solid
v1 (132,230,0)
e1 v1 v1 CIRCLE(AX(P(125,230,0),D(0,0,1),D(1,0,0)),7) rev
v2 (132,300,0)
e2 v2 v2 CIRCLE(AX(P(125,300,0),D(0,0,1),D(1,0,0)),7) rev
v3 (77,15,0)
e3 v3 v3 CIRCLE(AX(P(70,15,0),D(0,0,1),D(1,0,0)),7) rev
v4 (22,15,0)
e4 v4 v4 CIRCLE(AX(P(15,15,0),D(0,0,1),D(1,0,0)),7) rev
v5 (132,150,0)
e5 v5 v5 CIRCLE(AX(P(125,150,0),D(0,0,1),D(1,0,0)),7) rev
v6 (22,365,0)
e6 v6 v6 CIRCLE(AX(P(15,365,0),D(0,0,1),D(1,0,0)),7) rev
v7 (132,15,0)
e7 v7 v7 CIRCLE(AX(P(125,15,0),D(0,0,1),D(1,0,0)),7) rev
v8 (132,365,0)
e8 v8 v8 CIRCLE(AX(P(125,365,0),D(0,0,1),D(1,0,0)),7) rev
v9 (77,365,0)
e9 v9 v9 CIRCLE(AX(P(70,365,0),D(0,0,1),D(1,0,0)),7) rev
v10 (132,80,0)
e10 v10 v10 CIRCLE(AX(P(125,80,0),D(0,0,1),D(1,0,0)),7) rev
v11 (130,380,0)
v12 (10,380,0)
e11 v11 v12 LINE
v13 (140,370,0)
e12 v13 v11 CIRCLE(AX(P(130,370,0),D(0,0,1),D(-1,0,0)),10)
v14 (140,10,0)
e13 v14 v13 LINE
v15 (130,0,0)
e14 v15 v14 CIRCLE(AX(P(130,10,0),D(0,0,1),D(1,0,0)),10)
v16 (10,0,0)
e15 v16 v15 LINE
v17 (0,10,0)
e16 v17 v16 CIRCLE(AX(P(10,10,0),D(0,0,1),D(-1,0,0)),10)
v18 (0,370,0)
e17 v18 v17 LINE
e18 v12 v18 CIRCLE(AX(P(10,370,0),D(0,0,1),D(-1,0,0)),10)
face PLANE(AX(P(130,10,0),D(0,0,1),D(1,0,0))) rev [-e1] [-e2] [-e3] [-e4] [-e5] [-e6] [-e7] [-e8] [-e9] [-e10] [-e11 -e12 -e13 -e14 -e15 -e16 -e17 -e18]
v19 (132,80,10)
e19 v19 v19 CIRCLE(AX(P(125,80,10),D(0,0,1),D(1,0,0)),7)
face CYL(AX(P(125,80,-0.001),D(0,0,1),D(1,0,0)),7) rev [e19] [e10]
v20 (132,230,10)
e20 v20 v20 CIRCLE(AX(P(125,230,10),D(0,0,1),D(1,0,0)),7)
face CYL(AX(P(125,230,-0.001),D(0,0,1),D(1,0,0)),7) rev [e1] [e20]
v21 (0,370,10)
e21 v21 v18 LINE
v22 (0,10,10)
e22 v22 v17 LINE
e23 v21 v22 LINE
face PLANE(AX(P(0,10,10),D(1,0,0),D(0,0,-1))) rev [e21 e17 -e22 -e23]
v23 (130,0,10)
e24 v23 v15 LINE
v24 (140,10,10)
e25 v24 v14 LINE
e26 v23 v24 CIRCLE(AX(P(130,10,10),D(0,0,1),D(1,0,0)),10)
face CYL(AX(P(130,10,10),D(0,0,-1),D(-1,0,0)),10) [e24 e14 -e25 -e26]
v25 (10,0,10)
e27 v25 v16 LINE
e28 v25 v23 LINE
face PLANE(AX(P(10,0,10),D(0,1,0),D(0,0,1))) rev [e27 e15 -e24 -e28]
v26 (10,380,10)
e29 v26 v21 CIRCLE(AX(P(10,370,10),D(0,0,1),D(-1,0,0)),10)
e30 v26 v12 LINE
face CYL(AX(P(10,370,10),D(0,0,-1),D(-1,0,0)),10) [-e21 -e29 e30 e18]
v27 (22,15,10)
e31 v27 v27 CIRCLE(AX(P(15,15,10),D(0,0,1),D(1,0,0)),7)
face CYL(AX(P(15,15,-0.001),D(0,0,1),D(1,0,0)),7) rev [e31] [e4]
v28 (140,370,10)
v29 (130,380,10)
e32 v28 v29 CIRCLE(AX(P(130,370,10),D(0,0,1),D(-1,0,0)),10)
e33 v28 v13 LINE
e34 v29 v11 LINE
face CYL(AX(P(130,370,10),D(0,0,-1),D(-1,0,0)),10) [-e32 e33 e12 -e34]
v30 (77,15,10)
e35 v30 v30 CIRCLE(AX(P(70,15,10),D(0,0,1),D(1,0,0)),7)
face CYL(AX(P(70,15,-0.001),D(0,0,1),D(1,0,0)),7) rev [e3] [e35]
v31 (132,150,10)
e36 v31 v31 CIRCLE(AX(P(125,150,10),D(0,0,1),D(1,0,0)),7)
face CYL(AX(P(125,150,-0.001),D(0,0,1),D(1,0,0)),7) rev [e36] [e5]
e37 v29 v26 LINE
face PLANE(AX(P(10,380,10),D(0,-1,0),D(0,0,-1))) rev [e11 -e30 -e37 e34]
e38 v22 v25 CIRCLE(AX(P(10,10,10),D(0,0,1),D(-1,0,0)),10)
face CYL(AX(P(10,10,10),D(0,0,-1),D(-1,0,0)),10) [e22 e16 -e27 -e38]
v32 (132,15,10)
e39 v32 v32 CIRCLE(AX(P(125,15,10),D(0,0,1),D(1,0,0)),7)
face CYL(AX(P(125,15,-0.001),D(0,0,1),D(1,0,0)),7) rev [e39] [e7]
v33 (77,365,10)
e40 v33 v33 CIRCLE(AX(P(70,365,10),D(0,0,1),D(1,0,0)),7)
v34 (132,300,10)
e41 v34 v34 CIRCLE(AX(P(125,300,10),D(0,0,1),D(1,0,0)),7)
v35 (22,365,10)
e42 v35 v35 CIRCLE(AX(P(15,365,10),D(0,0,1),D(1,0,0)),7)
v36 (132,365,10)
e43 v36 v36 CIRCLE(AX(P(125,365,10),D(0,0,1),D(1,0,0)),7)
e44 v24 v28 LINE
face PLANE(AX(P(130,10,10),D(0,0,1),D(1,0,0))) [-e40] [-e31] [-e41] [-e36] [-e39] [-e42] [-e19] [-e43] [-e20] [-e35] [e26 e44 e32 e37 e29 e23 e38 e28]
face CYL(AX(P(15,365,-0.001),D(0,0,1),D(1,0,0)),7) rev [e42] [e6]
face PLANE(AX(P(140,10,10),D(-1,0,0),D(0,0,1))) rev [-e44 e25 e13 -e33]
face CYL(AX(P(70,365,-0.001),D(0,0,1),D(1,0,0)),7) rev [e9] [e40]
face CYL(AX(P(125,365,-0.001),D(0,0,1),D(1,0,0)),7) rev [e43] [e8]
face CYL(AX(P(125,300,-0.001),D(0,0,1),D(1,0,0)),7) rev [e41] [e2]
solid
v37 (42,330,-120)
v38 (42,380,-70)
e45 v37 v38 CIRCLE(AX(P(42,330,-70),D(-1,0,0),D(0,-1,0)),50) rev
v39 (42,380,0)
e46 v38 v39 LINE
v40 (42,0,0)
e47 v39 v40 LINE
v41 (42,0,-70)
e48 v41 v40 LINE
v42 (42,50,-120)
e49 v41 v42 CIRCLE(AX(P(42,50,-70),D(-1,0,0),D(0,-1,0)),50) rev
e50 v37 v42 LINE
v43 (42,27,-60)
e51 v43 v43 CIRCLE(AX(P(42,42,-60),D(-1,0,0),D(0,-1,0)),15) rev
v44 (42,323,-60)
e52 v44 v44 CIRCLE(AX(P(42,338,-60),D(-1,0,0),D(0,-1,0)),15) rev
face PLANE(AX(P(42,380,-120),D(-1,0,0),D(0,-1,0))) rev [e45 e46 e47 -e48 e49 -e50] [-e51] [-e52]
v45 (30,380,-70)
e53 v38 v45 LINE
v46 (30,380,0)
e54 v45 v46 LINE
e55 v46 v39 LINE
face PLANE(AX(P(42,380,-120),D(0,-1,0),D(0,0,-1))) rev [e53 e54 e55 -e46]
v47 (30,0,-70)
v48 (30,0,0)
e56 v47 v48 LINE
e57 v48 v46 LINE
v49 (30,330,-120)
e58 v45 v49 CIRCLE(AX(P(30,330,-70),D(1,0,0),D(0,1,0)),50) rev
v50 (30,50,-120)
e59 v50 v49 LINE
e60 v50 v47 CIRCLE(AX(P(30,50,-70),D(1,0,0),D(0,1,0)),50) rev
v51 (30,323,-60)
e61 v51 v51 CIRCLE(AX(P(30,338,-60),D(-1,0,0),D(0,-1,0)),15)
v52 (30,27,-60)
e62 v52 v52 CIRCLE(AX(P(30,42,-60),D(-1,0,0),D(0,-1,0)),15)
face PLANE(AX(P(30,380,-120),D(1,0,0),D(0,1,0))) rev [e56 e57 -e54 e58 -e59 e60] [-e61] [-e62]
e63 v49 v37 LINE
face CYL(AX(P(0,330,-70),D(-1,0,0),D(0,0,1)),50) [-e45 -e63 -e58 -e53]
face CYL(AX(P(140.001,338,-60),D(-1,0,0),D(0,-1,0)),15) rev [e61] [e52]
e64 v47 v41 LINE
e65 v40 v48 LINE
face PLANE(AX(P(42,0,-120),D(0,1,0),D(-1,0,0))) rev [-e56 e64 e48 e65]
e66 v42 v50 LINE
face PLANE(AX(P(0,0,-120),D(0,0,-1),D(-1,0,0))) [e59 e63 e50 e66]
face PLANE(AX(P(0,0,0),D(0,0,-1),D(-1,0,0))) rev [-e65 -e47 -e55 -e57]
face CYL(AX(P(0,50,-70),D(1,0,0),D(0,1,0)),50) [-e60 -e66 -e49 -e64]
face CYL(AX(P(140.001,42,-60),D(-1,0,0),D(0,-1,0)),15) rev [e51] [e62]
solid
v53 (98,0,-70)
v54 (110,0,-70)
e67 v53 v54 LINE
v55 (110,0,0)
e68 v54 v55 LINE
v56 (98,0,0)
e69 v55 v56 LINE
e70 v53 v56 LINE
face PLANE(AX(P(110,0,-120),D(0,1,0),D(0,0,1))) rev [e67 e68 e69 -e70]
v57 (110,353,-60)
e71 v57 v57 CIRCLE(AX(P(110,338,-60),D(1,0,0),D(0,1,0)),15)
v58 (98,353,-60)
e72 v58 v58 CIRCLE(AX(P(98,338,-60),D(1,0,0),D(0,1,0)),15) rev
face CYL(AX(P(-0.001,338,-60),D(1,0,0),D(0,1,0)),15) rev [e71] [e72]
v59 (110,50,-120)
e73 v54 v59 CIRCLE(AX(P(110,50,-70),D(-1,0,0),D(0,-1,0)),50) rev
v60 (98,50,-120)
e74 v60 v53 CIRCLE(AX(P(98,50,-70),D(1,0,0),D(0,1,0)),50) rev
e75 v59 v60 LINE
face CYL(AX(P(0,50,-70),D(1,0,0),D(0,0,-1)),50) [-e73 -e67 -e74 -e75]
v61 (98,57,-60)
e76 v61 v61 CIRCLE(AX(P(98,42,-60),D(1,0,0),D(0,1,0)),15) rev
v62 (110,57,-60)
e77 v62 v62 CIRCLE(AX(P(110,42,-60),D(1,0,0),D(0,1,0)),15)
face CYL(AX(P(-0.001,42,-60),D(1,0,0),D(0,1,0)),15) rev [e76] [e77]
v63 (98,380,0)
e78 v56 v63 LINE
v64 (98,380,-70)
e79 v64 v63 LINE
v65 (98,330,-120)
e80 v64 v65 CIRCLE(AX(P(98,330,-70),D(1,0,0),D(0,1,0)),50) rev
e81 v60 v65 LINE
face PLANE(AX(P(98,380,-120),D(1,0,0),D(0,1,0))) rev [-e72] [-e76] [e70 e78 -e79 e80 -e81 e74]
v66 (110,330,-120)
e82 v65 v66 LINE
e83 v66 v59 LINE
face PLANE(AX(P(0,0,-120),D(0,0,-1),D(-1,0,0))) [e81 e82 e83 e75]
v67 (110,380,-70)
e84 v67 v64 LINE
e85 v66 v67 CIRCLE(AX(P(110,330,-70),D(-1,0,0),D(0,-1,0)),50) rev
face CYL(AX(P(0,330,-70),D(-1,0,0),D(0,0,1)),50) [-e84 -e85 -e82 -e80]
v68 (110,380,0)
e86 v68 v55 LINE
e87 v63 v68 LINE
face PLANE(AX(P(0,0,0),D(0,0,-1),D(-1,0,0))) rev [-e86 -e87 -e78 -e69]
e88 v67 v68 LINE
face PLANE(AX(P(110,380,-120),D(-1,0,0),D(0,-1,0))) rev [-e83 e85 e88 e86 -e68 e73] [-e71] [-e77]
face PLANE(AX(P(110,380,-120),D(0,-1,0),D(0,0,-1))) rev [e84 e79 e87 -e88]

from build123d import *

# Parameters (mm, degrees)
EXTRUDE_1_DEPTH     = 10
CUT_EXTRUDE_1_REACH = 12
SKETCH_2_R          = 7
SKETCH_3_W          = 12
SKETCH_3_H          = 380
EXTRUDE_2_DEPTH     = 120
EXTRUDE_2_2_DEPTH   = 120
FILLET_1_R          = 50
FILLET_2_R          = 50
SKETCH_4_R          = 15
CUT_EXTRUDE_2_DEPTH = 12
SKETCH_5_R          = 15
CUT_EXTRUDE_3_DEPTH = 12


with BuildPart() as part:
    # 草图1 → 凸台-拉伸1 (new body)
    with BuildSketch(Plane.XY):
        with BuildLine():
            Line((10, 0), (130, 0))
            ThreePointArc((130, 0), (137.071067812, 2.928932188), (140, 10))
            Line((140, 10), (140, 370))
            ThreePointArc((140, 370), (137.071067812, 377.071067812), (130, 380))
            Line((130, 380), (10, 380))
            ThreePointArc((10, 380), (2.928932188, 377.071067812), (0, 370))
            Line((0, 370), (0, 10))
            ThreePointArc((0, 10), (2.928932188, 2.928932188), (10, 0))
        make_face()
    extrude(amount=EXTRUDE_1_DEPTH)

    # 草图2 → 切除-拉伸1 (cut, up to next)
    with BuildSketch(Plane.XY.offset(10), mode=Mode.PRIVATE) as cut_extrude_1_sk1:
        with Locations((15, 365)):
            Circle(SKETCH_2_R)
    cut_extrude_1_tool1 = extrude(cut_extrude_1_sk1.sketch, amount=-CUT_EXTRUDE_1_REACH, mode=Mode.PRIVATE) & part.part
    add(cut_extrude_1_tool1.solids().sort_by_distance((15, 365, 10))[0], mode=Mode.SUBTRACT)
    # 草图2 → 切除-拉伸1 (cut, up to next)
    with BuildSketch(Plane.XY.offset(10), mode=Mode.PRIVATE) as cut_extrude_1_sk2:
        with Locations((125, 365)):
            Circle(SKETCH_2_R)
    cut_extrude_1_tool2 = extrude(cut_extrude_1_sk2.sketch, amount=-CUT_EXTRUDE_1_REACH, mode=Mode.PRIVATE) & part.part
    add(cut_extrude_1_tool2.solids().sort_by_distance((125, 365, 10))[0], mode=Mode.SUBTRACT)
    # 草图2 → 切除-拉伸1 (cut, up to next)
    with BuildSketch(Plane.XY.offset(10), mode=Mode.PRIVATE) as cut_extrude_1_sk3:
        with Locations((15, 15)):
            Circle(SKETCH_2_R)
    cut_extrude_1_tool3 = extrude(cut_extrude_1_sk3.sketch, amount=-CUT_EXTRUDE_1_REACH, mode=Mode.PRIVATE) & part.part
    add(cut_extrude_1_tool3.solids().sort_by_distance((15, 15, 10))[0], mode=Mode.SUBTRACT)
    # 草图2 → 切除-拉伸1 (cut, up to next)
    with BuildSketch(Plane.XY.offset(10), mode=Mode.PRIVATE) as cut_extrude_1_sk4:
        with Locations((125, 15)):
            Circle(SKETCH_2_R)
    cut_extrude_1_tool4 = extrude(cut_extrude_1_sk4.sketch, amount=-CUT_EXTRUDE_1_REACH, mode=Mode.PRIVATE) & part.part
    add(cut_extrude_1_tool4.solids().sort_by_distance((125, 15, 10))[0], mode=Mode.SUBTRACT)
    # 草图2 → 切除-拉伸1 (cut, up to next)
    with BuildSketch(Plane.XY.offset(10), mode=Mode.PRIVATE) as cut_extrude_1_sk5:
        with Locations((70, 365)):
            Circle(SKETCH_2_R)
    cut_extrude_1_tool5 = extrude(cut_extrude_1_sk5.sketch, amount=-CUT_EXTRUDE_1_REACH, mode=Mode.PRIVATE) & part.part
    add(cut_extrude_1_tool5.solids().sort_by_distance((70, 365, 10))[0], mode=Mode.SUBTRACT)
    # 草图2 → 切除-拉伸1 (cut, up to next)
    with BuildSketch(Plane.XY.offset(10), mode=Mode.PRIVATE) as cut_extrude_1_sk6:
        with Locations((70, 15)):
            Circle(SKETCH_2_R)
    cut_extrude_1_tool6 = extrude(cut_extrude_1_sk6.sketch, amount=-CUT_EXTRUDE_1_REACH, mode=Mode.PRIVATE) & part.part
    add(cut_extrude_1_tool6.solids().sort_by_distance((70, 15, 10))[0], mode=Mode.SUBTRACT)
    # 草图2 → 切除-拉伸1 (cut, up to next)
    with BuildSketch(Plane.XY.offset(10), mode=Mode.PRIVATE) as cut_extrude_1_sk7:
        with Locations((125, 300)):
            Circle(SKETCH_2_R)
    cut_extrude_1_tool7 = extrude(cut_extrude_1_sk7.sketch, amount=-CUT_EXTRUDE_1_REACH, mode=Mode.PRIVATE) & part.part
    add(cut_extrude_1_tool7.solids().sort_by_distance((125, 300, 10))[0], mode=Mode.SUBTRACT)
    # 草图2 → 切除-拉伸1 (cut, up to next)
    with BuildSketch(Plane.XY.offset(10), mode=Mode.PRIVATE) as cut_extrude_1_sk8:
        with Locations((125, 80)):
            Circle(SKETCH_2_R)
    cut_extrude_1_tool8 = extrude(cut_extrude_1_sk8.sketch, amount=-CUT_EXTRUDE_1_REACH, mode=Mode.PRIVATE) & part.part
    add(cut_extrude_1_tool8.solids().sort_by_distance((125, 80, 10))[0], mode=Mode.SUBTRACT)
    # 草图2 → 切除-拉伸1 (cut, up to next)
    with BuildSketch(Plane.XY.offset(10), mode=Mode.PRIVATE) as cut_extrude_1_sk9:
        with Locations((125, 230)):
            Circle(SKETCH_2_R)
    cut_extrude_1_tool9 = extrude(cut_extrude_1_sk9.sketch, amount=-CUT_EXTRUDE_1_REACH, mode=Mode.PRIVATE) & part.part
    add(cut_extrude_1_tool9.solids().sort_by_distance((125, 230, 10))[0], mode=Mode.SUBTRACT)
    # 草图2 → 切除-拉伸1 (cut, up to next)
    with BuildSketch(Plane.XY.offset(10), mode=Mode.PRIVATE) as cut_extrude_1_sk10:
        with Locations((125, 150)):
            Circle(SKETCH_2_R)
    cut_extrude_1_tool10 = extrude(cut_extrude_1_sk10.sketch, amount=-CUT_EXTRUDE_1_REACH, mode=Mode.PRIVATE) & part.part
    add(cut_extrude_1_tool10.solids().sort_by_distance((125, 150, 10))[0], mode=Mode.SUBTRACT)


with BuildPart() as body_2:
    # 草图3 → 凸台-拉伸2 (new body)
    with BuildSketch(Plane(origin=(0, 0, 0), x_dir=(-1, 0, 0), z_dir=(0, 0, -1))):
        with Locations((-104, 190)):
            Rectangle(SKETCH_3_W, SKETCH_3_H)
    extrude(amount=EXTRUDE_2_DEPTH)

    # 圆角1
    fillet_1_edges = [body_2.edges().sort_by_distance(p)[0] for p in [
        (104, 380, -120),
        (104, 0, -120),
    ]]
    fillet(fillet_1_edges, radius=FILLET_1_R)

    # 草图4 → 切除-拉伸2 (cut)
    with BuildSketch(Plane(origin=(110, 0, 0), x_dir=(0, 0, -1), z_dir=(1, 0, 0))):
        with Locations((60, 338)):
            Circle(SKETCH_4_R)
        with Locations((60, 42)):
            Circle(SKETCH_4_R)
    extrude(amount=-CUT_EXTRUDE_2_DEPTH, mode=Mode.SUBTRACT)


with BuildPart() as body_3:
    # 草图3 → Extrude 2 2 (new body)
    with BuildSketch(Plane(origin=(0, 0, 0), x_dir=(-1, 0, 0), z_dir=(0, 0, -1))):
        with Locations((-36, 190)):
            Rectangle(SKETCH_3_W, SKETCH_3_H)
    extrude(amount=EXTRUDE_2_2_DEPTH)

    # 圆角2
    fillet_2_edges = [body_3.edges().sort_by_distance(p)[0] for p in [
        (36, 380, -120),
        (36, 0, -120),
    ]]
    fillet(fillet_2_edges, radius=FILLET_2_R)

    # 草图5 → 切除-拉伸3 (cut)
    with BuildSketch(Plane.ZY.offset(-30)):
        with Locations((-60, 338)):
            Circle(SKETCH_5_R)
        with Locations((-60, 42)):
            Circle(SKETCH_5_R)
    extrude(amount=-CUT_EXTRUDE_3_DEPTH, mode=Mode.SUBTRACT)


solid = Compound([part.part, body_2.part, body_3.part])
